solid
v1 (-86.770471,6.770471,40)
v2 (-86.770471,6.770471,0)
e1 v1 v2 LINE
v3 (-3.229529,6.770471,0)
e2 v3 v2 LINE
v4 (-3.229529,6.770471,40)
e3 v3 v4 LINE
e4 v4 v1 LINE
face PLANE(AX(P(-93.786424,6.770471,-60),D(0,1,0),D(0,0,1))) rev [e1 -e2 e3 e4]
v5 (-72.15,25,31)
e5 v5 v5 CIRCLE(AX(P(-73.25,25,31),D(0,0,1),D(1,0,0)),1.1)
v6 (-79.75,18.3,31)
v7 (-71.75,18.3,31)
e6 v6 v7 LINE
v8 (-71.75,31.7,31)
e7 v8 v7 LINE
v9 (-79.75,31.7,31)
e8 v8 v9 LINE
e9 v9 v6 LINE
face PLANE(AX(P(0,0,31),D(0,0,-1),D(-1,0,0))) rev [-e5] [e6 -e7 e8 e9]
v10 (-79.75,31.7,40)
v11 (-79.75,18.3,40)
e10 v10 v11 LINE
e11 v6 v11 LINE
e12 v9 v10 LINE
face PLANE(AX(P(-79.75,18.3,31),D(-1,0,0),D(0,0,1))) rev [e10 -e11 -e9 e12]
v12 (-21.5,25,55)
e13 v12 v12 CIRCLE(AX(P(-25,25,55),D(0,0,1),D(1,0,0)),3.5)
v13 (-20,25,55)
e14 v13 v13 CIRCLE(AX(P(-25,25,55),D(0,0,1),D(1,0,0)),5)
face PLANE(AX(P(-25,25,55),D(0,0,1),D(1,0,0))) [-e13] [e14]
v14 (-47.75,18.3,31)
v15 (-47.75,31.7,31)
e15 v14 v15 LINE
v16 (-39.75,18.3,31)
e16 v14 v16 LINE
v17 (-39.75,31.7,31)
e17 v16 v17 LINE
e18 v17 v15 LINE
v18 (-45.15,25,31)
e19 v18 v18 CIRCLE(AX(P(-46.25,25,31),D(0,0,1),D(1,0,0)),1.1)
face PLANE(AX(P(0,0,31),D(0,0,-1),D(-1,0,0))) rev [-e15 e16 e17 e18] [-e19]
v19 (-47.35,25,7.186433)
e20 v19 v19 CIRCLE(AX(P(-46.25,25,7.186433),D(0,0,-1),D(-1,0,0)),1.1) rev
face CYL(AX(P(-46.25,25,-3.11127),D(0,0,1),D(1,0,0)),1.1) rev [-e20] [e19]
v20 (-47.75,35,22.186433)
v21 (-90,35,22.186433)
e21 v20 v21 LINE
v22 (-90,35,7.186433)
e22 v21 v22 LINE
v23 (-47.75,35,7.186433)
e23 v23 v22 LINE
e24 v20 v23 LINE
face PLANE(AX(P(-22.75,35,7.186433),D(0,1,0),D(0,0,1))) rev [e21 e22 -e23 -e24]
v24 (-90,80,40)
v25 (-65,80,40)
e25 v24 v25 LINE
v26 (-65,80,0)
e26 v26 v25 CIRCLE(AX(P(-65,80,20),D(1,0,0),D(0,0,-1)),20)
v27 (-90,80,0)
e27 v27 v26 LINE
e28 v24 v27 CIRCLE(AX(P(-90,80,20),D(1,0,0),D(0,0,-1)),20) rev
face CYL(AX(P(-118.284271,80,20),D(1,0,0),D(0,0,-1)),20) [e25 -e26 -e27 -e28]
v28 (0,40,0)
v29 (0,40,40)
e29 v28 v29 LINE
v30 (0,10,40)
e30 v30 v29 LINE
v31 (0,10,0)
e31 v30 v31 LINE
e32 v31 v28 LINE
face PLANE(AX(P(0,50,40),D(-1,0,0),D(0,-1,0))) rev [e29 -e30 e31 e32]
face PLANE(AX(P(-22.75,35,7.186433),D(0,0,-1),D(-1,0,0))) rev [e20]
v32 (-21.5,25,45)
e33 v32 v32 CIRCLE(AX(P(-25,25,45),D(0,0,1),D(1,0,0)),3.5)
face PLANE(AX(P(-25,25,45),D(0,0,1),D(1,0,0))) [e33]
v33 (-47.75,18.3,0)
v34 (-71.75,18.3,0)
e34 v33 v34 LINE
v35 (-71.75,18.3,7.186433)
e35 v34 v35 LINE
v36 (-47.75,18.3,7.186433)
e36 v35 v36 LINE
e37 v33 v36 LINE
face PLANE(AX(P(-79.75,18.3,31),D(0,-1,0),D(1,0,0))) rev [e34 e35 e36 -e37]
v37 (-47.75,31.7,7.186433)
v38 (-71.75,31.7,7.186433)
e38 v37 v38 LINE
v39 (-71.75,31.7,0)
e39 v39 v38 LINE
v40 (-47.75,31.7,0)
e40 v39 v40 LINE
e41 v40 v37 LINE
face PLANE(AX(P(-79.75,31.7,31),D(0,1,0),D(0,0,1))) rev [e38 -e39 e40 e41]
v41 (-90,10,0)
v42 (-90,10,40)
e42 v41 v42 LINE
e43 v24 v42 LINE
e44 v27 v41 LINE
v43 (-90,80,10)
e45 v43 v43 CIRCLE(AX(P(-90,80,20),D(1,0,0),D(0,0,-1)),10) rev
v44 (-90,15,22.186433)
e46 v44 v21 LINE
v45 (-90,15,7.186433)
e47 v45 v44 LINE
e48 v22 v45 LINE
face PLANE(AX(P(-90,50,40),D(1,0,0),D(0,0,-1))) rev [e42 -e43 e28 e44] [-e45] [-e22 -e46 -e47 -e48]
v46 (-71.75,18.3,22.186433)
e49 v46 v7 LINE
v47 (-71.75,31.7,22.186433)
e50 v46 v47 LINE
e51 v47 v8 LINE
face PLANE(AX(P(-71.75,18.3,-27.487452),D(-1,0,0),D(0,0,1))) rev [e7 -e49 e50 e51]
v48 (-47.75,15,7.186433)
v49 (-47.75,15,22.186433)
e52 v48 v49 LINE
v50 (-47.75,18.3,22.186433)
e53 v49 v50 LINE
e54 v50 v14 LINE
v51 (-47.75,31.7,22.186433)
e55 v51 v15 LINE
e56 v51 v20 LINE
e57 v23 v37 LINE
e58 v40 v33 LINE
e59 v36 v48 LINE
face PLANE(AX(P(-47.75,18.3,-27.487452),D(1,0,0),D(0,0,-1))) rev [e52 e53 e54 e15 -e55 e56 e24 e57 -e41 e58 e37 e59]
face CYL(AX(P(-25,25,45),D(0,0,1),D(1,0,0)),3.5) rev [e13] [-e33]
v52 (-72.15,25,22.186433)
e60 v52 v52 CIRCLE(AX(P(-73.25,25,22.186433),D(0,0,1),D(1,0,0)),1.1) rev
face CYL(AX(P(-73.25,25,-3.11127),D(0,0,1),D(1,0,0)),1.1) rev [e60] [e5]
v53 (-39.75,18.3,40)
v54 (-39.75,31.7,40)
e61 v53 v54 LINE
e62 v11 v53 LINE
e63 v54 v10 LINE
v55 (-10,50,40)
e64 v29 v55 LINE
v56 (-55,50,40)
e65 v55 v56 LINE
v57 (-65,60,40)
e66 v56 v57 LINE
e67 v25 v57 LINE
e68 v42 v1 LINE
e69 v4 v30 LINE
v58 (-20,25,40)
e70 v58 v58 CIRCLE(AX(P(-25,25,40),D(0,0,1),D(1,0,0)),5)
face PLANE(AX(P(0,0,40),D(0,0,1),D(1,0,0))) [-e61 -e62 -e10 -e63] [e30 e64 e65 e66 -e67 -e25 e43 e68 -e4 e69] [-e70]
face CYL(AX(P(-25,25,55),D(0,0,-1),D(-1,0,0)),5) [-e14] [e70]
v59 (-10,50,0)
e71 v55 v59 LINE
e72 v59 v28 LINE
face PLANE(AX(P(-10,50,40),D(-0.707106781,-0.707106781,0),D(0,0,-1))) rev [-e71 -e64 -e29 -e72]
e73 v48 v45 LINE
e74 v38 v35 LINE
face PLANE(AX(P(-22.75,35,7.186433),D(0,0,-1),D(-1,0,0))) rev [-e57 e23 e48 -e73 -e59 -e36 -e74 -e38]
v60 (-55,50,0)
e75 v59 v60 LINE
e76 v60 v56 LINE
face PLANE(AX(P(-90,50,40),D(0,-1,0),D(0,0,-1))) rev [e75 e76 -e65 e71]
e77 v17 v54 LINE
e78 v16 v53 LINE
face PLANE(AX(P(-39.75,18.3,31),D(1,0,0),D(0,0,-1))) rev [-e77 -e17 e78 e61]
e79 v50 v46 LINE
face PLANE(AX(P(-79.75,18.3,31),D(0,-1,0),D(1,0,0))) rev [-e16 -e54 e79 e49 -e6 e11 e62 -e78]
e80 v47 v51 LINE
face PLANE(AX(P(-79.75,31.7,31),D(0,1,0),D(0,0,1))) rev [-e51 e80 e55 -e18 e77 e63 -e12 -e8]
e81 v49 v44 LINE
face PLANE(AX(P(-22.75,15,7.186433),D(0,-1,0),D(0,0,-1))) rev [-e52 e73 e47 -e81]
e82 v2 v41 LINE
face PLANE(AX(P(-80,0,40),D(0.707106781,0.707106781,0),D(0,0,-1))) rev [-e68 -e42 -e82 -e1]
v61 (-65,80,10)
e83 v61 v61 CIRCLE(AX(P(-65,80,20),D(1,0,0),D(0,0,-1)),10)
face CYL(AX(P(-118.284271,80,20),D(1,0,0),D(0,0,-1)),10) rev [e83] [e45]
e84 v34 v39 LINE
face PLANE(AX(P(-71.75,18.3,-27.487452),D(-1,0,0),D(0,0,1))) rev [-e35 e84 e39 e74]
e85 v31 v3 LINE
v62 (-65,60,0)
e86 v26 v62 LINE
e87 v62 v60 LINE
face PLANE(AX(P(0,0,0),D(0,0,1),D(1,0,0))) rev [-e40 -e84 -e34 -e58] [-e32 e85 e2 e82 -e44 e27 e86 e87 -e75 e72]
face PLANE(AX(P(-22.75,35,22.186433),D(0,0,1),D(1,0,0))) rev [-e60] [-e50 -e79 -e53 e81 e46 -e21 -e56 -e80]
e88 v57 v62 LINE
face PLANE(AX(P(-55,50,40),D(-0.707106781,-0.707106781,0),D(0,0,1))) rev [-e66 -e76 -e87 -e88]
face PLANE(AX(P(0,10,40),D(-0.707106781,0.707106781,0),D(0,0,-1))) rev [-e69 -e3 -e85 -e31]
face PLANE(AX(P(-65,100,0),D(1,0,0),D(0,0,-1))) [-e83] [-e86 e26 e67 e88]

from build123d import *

# Parameters (mm, degrees)
SKETCH1_W           = 90
SKETCH1_H           = 50
BOSS_EXTRUDE1_DEPTH = 40
SKETCH22_W          = 40
SKETCH22_H          = 13.4
CUT_EXTRUDE11_DEPTH = 9
SKETCH24_W          = 24
SKETCH24_H          = 13.4
CUT_EXTRUDE12_DEPTH = 31
SKETCH25_R          = 1.1
CUT_EXTRUDE13_DEPTH = 31
SKETCH31_W          = 25
SKETCH31_H          = 40
BOSS_EXTRUDE2_DEPTH = 50
SKETCH32_R          = 10
CUT_EXTRUDE15_DEPTH = 25
CHAMFER1_SIZE       = 10
CUT_EXTRUDE16_REACH = 142.357
SKETCH35_W          = 15
SKETCH35_H          = 20
SKETCH36_W          = 12
SKETCH36_H          = 12
SKETCH36_R          = 3.5
BOSS_EXTRUDE3_DEPTH = 10
SKETCH37_W          = 95.999091547
SKETCH37_H          = 21.11006165
CUT_EXTRUDE17_DEPTH = 100
SKETCH21_R          = 5
BOSS_EXTRUDE4_DEPTH = 15
SKETCH38_R          = 3.5
CUT_EXTRUDE18_DEPTH = 10
BOSS_EXTRUDE5_START = -7.186432503
SKETCH39_R          = 1.1
BOSS_EXTRUDE5_DEPTH = 7.186432503


with BuildPart() as part:
    # Sketch1 → Boss-Extrude1 (new body)
    with BuildSketch(Plane.XY):
        with Locations((-45, 25)):
            Rectangle(SKETCH1_W, SKETCH1_H)
    extrude(amount=BOSS_EXTRUDE1_DEPTH)

    # Sketch22 → Cut-Extrude11 (cut)
    with BuildSketch(Plane.XY.offset(40)):
        with Locations((-59.75, 25)):
            Rectangle(SKETCH22_W, SKETCH22_H)
    extrude(amount=-CUT_EXTRUDE11_DEPTH, mode=Mode.SUBTRACT)

    # Sketch24 → Cut-Extrude12 (cut)
    with BuildSketch(Plane.XY.offset(31)):
        with Locations((-59.75, 25)):
            Rectangle(SKETCH24_W, SKETCH24_H)
    extrude(amount=-CUT_EXTRUDE12_DEPTH, mode=Mode.SUBTRACT)

    # Sketch25 → Cut-Extrude13 (cut)
    with BuildSketch(Plane.XY.offset(31)):
        with Locations((-73.25, 25)):
            Circle(SKETCH25_R)
        with Locations((-46.25, 25)):
            Circle(SKETCH25_R)
    extrude(amount=-CUT_EXTRUDE13_DEPTH, mode=Mode.SUBTRACT)

    # Sketch31 → Boss-Extrude2 (add)
    with BuildSketch(Plane(origin=(0, 50, 0), x_dir=(1, 0, 0), z_dir=(0, 1, 0))):
        with Locations((-77.5, -20)):
            Rectangle(SKETCH31_W, SKETCH31_H)
    extrude(amount=BOSS_EXTRUDE2_DEPTH)

    # Sketch32 → Cut-Extrude15 (cut)
    with BuildSketch(Plane(origin=(-65, 0, 0), x_dir=(0, 0, -1), z_dir=(1, 0, 0))):
        with BuildLine():
            ThreePointArc((-40, 80), (-34.142135624, 94.142135624), (-20, 100))
            Line((-20, 100), (-40, 100))
            Line((-40, 100), (-40, 80))
        make_face()
        with BuildLine():
            ThreePointArc((-20, 100), (-5.857864376, 94.142135624), (0, 80))
            Line((0, 80), (0, 100))
            Line((0, 100), (-20, 100))
        make_face()
        with Locations((-20, 80)):
            Circle(SKETCH32_R)
    extrude(amount=-CUT_EXTRUDE15_DEPTH, mode=Mode.SUBTRACT)

    # Chamfer1
    chamfer1_edges = [part.edges().sort_by_distance(p)[0] for p in [
        (-65, 50, 20),
        (0, 50, 20),
        (0, 0, 20),
        (-90, 0, 20),
    ]]
    chamfer(chamfer1_edges, length=CHAMFER1_SIZE)

    # Cut-Extrude16: up to this face of the body (flat: up to its plane)
    cut_extrude16_end = Plane(part.part.faces().sort_by_distance((-47.75, 25, 15.5))[0])
    # Sketch35 → Cut-Extrude16 (cut, up to the picked face)
    with BuildSketch(Plane.ZY.offset(90), mode=Mode.PRIVATE) as cut_extrude16_sk1:
        with Locations((14.686432503, 25)):
            Rectangle(SKETCH35_W, SKETCH35_H)
    cut_extrude16_tool1 = split(extrude(cut_extrude16_sk1.sketch, amount=-CUT_EXTRUDE16_REACH, mode=Mode.PRIVATE), bisect_by=cut_extrude16_end, keep=Keep.BOTH, mode=Mode.PRIVATE)
    add(cut_extrude16_tool1.solids().sort_by(Axis((-90, 25, 14.686433), (1, 0, 0)))[0], mode=Mode.SUBTRACT)

    # Sketch36 → Boss-Extrude3 (add)
    # profile 1 of 2: a face of its own
    with BuildSketch(Plane.XY.offset(40)):
        with Locations((-65, -6)):
            Rectangle(SKETCH36_W, SKETCH36_H)
        with Locations((-65, -6)):
            Circle(SKETCH36_R, mode=Mode.SUBTRACT)
    # profile 2 of 2: a face of its own
    with BuildSketch(Plane.XY.offset(40)):
        with Locations((-25, -6)):
            Rectangle(SKETCH36_W, SKETCH36_H)
        with Locations((-25, -6)):
            Circle(SKETCH36_R, mode=Mode.SUBTRACT)
    extrude(amount=-BOSS_EXTRUDE3_DEPTH)

    # Sketch37 → Cut-Extrude17 (cut)
    with BuildSketch(Plane.XY.offset(40)):
        with Locations((-45.7868778, -3.784559742)):
            Rectangle(SKETCH37_W, SKETCH37_H)
    extrude(amount=-CUT_EXTRUDE17_DEPTH, mode=Mode.SUBTRACT)

    # Sketch21 → Boss-Extrude4 (add)
    with BuildSketch(Plane.XY.offset(40)):
        with Locations((-25, 25)):
            Circle(SKETCH21_R)
    extrude(amount=BOSS_EXTRUDE4_DEPTH)

    # Sketch38 → Cut-Extrude18 (cut)
    with BuildSketch(Plane.XY.offset(55)):
        with Locations((-25, 25)):
            Circle(SKETCH38_R)
    extrude(amount=-CUT_EXTRUDE18_DEPTH, mode=Mode.SUBTRACT)

    # Sketch39 → Boss-Extrude5 (add)
    with BuildSketch(Plane(origin=(0, 0, 0), x_dir=(-1, 0, 0), z_dir=(0, 0, -1)).offset(BOSS_EXTRUDE5_START)):
        with Locations(Location((46.25, 25, 0), (0, 0, 180))):
            Circle(SKETCH39_R)
        with Locations(Location((73.25, 25, 0), (0, 0, 180))):
            Circle(SKETCH39_R)
    extrude(amount=BOSS_EXTRUDE5_DEPTH)


solid = part.part
